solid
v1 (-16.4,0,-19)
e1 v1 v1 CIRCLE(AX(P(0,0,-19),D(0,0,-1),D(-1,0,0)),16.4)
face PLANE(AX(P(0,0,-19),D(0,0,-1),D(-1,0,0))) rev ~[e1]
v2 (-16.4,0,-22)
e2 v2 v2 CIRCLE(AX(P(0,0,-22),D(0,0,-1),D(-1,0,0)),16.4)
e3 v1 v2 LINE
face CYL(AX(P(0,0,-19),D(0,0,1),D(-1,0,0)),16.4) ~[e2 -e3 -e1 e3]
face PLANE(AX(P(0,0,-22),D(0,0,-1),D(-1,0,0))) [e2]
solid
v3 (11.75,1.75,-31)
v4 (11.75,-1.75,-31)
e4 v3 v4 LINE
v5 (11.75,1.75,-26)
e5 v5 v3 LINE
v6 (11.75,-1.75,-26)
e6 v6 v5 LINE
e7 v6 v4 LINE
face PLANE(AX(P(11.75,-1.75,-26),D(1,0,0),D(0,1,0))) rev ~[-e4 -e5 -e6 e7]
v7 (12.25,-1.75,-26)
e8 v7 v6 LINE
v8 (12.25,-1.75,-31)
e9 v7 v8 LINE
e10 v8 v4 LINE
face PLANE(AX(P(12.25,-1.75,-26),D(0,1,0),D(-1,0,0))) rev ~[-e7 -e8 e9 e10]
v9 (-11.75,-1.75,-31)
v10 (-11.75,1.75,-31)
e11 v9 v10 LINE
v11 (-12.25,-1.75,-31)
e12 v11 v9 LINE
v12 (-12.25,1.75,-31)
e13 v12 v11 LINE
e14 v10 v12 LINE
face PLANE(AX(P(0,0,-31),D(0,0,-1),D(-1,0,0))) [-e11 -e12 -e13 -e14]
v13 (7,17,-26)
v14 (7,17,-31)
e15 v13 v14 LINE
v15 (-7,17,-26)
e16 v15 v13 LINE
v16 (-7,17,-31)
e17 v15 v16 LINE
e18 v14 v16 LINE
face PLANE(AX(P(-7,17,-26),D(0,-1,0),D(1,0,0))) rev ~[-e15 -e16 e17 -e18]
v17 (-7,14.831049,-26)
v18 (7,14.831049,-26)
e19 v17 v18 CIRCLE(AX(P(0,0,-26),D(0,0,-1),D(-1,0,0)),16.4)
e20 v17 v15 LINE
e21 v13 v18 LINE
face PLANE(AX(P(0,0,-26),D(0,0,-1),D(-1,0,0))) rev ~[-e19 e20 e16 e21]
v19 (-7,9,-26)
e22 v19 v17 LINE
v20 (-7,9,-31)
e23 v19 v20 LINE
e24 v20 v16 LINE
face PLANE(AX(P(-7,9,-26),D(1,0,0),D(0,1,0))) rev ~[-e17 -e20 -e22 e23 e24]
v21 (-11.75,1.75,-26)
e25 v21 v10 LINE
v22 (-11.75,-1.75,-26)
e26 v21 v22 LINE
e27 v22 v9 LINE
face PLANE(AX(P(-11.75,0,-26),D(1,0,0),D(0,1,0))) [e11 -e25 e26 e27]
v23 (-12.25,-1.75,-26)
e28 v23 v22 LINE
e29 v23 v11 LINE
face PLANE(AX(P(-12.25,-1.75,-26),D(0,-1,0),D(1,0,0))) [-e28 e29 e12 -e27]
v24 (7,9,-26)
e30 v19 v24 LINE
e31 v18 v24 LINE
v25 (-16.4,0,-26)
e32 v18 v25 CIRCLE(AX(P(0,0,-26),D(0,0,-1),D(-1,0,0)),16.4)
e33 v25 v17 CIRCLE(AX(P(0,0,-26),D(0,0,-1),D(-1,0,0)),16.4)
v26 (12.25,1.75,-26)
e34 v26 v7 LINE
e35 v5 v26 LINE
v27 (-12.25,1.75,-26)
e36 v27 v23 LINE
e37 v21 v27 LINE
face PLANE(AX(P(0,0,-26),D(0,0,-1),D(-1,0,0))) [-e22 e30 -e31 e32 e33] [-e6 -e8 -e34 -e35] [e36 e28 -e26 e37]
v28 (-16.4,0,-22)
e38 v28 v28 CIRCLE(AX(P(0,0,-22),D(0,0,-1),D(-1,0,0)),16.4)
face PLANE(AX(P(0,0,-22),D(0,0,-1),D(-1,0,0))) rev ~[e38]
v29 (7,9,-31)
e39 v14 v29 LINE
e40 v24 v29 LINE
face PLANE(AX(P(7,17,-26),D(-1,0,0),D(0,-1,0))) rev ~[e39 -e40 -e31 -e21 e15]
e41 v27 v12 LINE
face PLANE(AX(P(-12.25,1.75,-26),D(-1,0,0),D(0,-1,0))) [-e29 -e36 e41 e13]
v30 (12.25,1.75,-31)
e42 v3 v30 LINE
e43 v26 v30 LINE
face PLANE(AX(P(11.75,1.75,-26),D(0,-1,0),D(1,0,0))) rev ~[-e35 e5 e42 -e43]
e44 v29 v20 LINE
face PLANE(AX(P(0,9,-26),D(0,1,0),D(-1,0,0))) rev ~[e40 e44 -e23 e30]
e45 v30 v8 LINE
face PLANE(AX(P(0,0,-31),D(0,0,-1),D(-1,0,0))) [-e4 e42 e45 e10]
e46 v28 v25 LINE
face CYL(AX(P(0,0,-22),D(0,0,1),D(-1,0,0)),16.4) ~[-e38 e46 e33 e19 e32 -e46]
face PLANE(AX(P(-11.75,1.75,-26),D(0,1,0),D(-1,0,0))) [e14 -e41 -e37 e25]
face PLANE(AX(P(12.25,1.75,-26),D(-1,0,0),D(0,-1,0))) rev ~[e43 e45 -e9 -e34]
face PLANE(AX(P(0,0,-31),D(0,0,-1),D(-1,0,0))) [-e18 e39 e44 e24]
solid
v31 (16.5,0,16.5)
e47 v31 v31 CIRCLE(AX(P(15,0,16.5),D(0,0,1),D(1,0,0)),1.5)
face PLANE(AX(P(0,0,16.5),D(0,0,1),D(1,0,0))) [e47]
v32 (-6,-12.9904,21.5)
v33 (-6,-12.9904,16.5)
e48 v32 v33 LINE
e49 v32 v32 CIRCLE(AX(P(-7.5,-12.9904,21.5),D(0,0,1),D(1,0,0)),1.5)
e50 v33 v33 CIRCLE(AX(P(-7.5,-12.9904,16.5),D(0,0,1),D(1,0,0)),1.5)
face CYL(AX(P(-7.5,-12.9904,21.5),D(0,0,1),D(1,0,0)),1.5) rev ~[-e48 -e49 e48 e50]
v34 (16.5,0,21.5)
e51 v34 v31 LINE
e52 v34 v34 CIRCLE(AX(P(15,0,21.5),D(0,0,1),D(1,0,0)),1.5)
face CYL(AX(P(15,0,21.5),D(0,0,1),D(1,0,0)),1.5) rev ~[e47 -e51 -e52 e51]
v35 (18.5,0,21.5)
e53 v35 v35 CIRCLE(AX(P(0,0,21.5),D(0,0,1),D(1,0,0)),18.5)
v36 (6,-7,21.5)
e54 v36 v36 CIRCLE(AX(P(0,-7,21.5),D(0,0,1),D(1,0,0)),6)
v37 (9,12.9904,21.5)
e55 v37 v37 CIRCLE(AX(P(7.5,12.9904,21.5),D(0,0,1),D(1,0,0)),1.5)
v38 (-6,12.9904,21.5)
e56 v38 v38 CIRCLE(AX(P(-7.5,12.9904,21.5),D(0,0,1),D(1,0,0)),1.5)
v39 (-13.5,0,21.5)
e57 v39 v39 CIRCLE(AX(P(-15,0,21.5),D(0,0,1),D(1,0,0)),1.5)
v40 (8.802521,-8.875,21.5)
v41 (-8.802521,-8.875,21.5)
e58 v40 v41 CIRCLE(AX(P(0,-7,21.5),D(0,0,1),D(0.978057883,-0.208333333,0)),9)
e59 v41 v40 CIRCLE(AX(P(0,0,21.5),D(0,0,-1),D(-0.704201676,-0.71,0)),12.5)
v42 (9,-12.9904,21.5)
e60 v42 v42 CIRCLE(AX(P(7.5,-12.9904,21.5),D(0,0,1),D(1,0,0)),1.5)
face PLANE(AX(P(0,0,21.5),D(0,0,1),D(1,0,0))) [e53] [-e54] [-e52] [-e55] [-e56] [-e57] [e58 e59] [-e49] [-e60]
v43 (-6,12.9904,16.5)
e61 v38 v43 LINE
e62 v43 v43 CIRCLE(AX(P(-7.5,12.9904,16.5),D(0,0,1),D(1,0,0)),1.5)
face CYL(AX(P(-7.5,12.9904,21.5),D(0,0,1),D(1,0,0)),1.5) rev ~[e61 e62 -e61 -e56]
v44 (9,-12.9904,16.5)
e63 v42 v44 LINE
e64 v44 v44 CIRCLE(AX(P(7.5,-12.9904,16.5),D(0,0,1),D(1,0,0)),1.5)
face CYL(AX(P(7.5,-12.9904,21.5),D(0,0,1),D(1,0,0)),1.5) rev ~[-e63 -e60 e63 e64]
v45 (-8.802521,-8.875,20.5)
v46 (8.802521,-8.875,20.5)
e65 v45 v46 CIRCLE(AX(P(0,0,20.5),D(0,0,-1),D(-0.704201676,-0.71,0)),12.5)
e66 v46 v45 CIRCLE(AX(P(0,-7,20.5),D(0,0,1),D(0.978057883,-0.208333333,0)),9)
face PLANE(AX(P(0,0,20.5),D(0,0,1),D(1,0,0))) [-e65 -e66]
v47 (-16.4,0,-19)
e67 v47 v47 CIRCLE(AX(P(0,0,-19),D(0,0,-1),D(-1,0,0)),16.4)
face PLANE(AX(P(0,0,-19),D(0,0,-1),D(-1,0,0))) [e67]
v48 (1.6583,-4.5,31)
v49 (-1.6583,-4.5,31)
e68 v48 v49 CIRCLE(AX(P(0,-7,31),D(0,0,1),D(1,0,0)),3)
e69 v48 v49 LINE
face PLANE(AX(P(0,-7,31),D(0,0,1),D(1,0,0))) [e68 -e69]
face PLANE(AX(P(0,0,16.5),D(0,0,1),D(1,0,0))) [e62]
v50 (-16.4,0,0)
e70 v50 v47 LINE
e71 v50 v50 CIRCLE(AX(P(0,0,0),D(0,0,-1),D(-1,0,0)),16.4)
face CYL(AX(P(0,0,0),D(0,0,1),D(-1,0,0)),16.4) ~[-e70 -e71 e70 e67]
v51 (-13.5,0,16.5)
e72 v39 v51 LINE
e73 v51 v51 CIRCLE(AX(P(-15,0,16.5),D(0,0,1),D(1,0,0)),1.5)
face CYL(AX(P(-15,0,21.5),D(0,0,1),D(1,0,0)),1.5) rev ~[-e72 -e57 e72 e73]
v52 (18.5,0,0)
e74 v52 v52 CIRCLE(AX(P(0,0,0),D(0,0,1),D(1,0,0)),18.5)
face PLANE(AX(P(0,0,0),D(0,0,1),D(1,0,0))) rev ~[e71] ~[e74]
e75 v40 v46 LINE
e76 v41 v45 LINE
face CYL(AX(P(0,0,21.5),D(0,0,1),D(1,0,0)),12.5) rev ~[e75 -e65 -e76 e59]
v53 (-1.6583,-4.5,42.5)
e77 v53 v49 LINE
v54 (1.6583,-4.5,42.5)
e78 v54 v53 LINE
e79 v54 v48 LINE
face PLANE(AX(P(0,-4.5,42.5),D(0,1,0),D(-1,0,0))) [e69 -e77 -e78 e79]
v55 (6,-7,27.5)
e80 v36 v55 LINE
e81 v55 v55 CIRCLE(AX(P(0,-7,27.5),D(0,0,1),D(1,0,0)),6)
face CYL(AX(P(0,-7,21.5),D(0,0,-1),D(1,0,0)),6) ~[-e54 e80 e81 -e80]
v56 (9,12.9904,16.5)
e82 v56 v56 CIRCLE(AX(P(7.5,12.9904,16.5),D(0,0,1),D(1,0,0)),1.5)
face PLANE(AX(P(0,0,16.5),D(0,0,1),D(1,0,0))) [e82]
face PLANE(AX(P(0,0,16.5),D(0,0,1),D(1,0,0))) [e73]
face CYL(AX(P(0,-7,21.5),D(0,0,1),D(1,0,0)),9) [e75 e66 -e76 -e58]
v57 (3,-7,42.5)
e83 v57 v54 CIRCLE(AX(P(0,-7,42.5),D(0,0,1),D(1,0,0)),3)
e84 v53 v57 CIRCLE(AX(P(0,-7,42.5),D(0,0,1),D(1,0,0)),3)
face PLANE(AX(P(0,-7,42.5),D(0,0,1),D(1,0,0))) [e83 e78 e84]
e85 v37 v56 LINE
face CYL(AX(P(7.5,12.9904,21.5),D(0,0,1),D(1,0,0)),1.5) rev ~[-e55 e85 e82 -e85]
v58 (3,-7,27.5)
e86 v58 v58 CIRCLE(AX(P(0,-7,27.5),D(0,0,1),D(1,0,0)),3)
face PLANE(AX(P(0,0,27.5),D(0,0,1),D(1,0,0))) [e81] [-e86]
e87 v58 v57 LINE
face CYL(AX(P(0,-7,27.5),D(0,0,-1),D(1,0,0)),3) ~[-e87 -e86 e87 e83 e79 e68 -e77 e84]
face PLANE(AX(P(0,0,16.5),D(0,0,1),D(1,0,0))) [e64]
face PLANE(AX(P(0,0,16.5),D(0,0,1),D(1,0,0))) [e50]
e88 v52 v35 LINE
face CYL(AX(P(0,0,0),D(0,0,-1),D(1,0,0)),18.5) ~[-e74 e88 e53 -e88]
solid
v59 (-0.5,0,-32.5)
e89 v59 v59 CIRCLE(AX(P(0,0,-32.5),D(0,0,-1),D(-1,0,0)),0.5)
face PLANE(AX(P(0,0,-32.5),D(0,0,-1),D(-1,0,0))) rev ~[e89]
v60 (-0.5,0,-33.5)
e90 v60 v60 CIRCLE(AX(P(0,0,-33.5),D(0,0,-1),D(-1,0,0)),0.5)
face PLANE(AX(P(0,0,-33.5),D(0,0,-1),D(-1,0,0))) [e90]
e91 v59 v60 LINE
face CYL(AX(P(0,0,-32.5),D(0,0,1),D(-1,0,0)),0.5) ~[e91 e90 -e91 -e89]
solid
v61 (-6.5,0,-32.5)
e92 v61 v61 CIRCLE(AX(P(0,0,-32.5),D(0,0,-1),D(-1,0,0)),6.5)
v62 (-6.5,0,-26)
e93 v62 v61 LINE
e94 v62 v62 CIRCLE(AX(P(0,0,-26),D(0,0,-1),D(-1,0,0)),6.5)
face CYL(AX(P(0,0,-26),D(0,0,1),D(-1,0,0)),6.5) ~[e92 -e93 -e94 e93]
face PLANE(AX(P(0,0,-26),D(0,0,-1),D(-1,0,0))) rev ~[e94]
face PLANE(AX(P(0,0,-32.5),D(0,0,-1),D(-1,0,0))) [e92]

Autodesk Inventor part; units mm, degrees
ref_plane "YZ Plane" through (0, 0, 0) normal (1, 0, 0) x (0, 1, 0)
ref_plane "XZ Plane" through (0, 0, 0) normal (0, 1, 0) x (-1, 0, 0)
ref_plane "XY Plane" through (0, 0, 0) normal (0, 0, 1) x (1, 0, 0)
sketch "Sketch1" plane through (0, 0, 0) normal (0, 0, 1) x (1, 0, 0)
  circle A0 centre (0, 0) radius 18.5
  dimension "d0" = 37
extrude "Extrusion1" add sketch "Sketch1" along normal blind 21.5
sketch "Sketch2" plane through (0, 0, 0) normal (0, 0, -1) x (-1, 0, 0)
  circle A0 centre (0, 0) radius 16.4
  dimension "d3" = 32.8
extrude "Extrusion2" add sketch "Sketch2" along normal blind 19
sketch "Sketch3" plane through (0, 0, 21.5) normal (0, 0, 1) x (1, 0, 0)
  circle A0 centre (0, -7) radius 6
  point P0 (0, 0)
  dimension "d6" = 12
extrude "Extrusion3" add sketch "Sketch3" along normal blind 6
sketch "Sketch4" plane through (0, -7, 27.5) normal (0, 0, 1) x (1, 0, 0)
  circle A0 centre (0, 0) radius 6 projected
  circle A1 centre (0, 0) radius 3
  point P0 (0, 7)
  dimension "d9" = 6
extrude "Extrusion4" add sketch "Sketch4" along normal blind 15 contours A1
sketch "Sketch5" plane through (0, -7, 42.5) normal (0, 0, 1) x (1, 0, 0)
  line L0 (0, 2.5) -> (1.6583, 2.5)
  line L1 (1.6583, 2.5) -> (-1.6583, 2.5)
  circle A0 centre (0, 0) radius 3 projected
  point P0 (0, 7)
extrude "Extrusion5" cut sketch "Sketch5" against normal blind 11.5 contours L1 A0 L0 picked at (-0.897, 2.6056)
sketch "Sketch6" plane through (0, 0, 21.5) normal (0, 0, 1) x (1, 0, 0)
  circle A0 centre (0, 0) radius 15 construction
  circle A1 centre (15, 0) radius 1.5
  circle A2 centre (7.5, 12.9904) radius 1.5
  circle A3 centre (-7.5, 12.9904) radius 1.5
  circle A4 centre (-15, 0) radius 1.5
  circle A5 centre (-7.5, -12.9904) radius 1.5
  circle A6 centre (7.5, -12.9904) radius 1.5
  dimension "d14" = 30
  dimension "d15" = 3
  dimension "d18" = 360
extrude "Extrusion6" cut sketch "Sketch6" against normal blind 5
sketch "Sketch7" plane through (0, 0, -19) normal (0, 0, -1) x (-1, 0, 0)
  circle A0 centre (0, 0) radius 16.4
extrude "Extrusion7" add sketch "Sketch7" along normal blind 3 separate body
sketch "Sketch8" plane through (0, 0, -22) normal (0, 0, -1) x (-1, 0, 0)
  circle A0 centre (0, 0) radius 16.4
extrude "Extrusion8" add sketch "Sketch8" along normal blind 4 separate body
sketch "Sketch9" plane through (0, 0, -26) normal (0, 0, -1) x (-1, 0, 0)
  circle A0 centre (0, 0) radius 6.5
  dimension "d26" = 13
extrude "Extrusion9" add sketch "Sketch9" along normal blind 6.5 separate body
sketch "Sketch10" plane through (0, 0, -32.5) normal (0, 0, -1) x (-1, 0, 0)
  circle A0 centre (0, 0) radius 0.5
  dimension "d29" = 1
extrude "Extrusion10" add sketch "Sketch10" along normal blind 1 separate body
sketch "Sketch11" plane through (0, 0, 21.5) normal (0, 0, 1) x (1, 0, 0)
  circle A0 centre (0, 0) radius 0.5 projected
  circle A1 centre (0, 0) radius 12.5
  circle A2 centre (0, -7) radius 6 projected
  circle A3 centre (0, -7) radius 9
  point P0 (-8.8025, -8.875)
  point P1 (8.8025, -8.875)
  dimension "d32" = 25
  dimension "d33" = 18
extrude "Extrusion11" cut sketch "Sketch11" against normal blind 1 contours A1 A3 bodies 1
sketch "Sketch12" plane through (0, 0, -26) normal (0, 0, -1) x (-1, 0, 0)
  line L0 (0, 9) -> (14.8265, 9) construction
  line L1 (14.8265, 9) -> (-13.5735, 9) construction
  line L2 (0, 9) -> (7, 9)
  line L3 (7, 9) -> (7, 17)
  line L4 (7, 17) -> (0, 17)
  line L5 (0, 17) -> (0, 9)
  line L6 (0, 17) -> (-7, 17)
  line L7 (-7, 17) -> (-7, 9)
  line L8 (-7, 9) -> (0, 9)
  line L9 (0, 9) -> (0, 17)
  point P0 (0, 0)
  dimension "d36" = 7
  dimension "d37" = 8
  dimension "d38" = 7
extrude "Extrusion12" add sketch "Sketch12" along normal blind 5 bodies 3
sketch "Sketch13" plane through (0, 0, -26) normal (0, 0, -1) x (-1, 0, 0)
  circle A0 centre (0, 0) radius 0.5 projected
  line L0 (0, 0) -> (11.75, 0)
  line L1 (11.75, 0) -> (11.75, 1.75)
  line L2 (11.75, 1.75) -> (12.25, 1.75)
  line L3 (12.25, 1.75) -> (12.25, -1.75)
  line L4 (12.25, -1.75) -> (11.75, -1.75)
  line L5 (11.75, -1.75) -> (11.75, 1.75)
  line L6 (0, 0) -> (0, 8.55) construction
  line L7 (0, 0) -> (-11.75, 0)
  line L8 (-11.75, 0) -> (-11.75, 1.75)
  line L9 (-11.75, 1.75) -> (-12.25, 1.75)
  line L10 (-12.25, 1.75) -> (-12.25, -1.75)
  line L11 (-12.25, -1.75) -> (-11.75, -1.75)
  line L12 (-11.75, -1.75) -> (-11.75, 1.75)
  dimension "d41" = 11.75
  dimension "d42" = 1.75
  dimension "d43" = 0.5
  dimension "d44" = 3.5
extrude "Extrusion13" add sketch "Sketch13" along normal blind 5 contours L12 L11 L10 L9 L8 | L1 L2 L3 L4 L5 bodies 3
properties part number "520 DC Gear Motor"
